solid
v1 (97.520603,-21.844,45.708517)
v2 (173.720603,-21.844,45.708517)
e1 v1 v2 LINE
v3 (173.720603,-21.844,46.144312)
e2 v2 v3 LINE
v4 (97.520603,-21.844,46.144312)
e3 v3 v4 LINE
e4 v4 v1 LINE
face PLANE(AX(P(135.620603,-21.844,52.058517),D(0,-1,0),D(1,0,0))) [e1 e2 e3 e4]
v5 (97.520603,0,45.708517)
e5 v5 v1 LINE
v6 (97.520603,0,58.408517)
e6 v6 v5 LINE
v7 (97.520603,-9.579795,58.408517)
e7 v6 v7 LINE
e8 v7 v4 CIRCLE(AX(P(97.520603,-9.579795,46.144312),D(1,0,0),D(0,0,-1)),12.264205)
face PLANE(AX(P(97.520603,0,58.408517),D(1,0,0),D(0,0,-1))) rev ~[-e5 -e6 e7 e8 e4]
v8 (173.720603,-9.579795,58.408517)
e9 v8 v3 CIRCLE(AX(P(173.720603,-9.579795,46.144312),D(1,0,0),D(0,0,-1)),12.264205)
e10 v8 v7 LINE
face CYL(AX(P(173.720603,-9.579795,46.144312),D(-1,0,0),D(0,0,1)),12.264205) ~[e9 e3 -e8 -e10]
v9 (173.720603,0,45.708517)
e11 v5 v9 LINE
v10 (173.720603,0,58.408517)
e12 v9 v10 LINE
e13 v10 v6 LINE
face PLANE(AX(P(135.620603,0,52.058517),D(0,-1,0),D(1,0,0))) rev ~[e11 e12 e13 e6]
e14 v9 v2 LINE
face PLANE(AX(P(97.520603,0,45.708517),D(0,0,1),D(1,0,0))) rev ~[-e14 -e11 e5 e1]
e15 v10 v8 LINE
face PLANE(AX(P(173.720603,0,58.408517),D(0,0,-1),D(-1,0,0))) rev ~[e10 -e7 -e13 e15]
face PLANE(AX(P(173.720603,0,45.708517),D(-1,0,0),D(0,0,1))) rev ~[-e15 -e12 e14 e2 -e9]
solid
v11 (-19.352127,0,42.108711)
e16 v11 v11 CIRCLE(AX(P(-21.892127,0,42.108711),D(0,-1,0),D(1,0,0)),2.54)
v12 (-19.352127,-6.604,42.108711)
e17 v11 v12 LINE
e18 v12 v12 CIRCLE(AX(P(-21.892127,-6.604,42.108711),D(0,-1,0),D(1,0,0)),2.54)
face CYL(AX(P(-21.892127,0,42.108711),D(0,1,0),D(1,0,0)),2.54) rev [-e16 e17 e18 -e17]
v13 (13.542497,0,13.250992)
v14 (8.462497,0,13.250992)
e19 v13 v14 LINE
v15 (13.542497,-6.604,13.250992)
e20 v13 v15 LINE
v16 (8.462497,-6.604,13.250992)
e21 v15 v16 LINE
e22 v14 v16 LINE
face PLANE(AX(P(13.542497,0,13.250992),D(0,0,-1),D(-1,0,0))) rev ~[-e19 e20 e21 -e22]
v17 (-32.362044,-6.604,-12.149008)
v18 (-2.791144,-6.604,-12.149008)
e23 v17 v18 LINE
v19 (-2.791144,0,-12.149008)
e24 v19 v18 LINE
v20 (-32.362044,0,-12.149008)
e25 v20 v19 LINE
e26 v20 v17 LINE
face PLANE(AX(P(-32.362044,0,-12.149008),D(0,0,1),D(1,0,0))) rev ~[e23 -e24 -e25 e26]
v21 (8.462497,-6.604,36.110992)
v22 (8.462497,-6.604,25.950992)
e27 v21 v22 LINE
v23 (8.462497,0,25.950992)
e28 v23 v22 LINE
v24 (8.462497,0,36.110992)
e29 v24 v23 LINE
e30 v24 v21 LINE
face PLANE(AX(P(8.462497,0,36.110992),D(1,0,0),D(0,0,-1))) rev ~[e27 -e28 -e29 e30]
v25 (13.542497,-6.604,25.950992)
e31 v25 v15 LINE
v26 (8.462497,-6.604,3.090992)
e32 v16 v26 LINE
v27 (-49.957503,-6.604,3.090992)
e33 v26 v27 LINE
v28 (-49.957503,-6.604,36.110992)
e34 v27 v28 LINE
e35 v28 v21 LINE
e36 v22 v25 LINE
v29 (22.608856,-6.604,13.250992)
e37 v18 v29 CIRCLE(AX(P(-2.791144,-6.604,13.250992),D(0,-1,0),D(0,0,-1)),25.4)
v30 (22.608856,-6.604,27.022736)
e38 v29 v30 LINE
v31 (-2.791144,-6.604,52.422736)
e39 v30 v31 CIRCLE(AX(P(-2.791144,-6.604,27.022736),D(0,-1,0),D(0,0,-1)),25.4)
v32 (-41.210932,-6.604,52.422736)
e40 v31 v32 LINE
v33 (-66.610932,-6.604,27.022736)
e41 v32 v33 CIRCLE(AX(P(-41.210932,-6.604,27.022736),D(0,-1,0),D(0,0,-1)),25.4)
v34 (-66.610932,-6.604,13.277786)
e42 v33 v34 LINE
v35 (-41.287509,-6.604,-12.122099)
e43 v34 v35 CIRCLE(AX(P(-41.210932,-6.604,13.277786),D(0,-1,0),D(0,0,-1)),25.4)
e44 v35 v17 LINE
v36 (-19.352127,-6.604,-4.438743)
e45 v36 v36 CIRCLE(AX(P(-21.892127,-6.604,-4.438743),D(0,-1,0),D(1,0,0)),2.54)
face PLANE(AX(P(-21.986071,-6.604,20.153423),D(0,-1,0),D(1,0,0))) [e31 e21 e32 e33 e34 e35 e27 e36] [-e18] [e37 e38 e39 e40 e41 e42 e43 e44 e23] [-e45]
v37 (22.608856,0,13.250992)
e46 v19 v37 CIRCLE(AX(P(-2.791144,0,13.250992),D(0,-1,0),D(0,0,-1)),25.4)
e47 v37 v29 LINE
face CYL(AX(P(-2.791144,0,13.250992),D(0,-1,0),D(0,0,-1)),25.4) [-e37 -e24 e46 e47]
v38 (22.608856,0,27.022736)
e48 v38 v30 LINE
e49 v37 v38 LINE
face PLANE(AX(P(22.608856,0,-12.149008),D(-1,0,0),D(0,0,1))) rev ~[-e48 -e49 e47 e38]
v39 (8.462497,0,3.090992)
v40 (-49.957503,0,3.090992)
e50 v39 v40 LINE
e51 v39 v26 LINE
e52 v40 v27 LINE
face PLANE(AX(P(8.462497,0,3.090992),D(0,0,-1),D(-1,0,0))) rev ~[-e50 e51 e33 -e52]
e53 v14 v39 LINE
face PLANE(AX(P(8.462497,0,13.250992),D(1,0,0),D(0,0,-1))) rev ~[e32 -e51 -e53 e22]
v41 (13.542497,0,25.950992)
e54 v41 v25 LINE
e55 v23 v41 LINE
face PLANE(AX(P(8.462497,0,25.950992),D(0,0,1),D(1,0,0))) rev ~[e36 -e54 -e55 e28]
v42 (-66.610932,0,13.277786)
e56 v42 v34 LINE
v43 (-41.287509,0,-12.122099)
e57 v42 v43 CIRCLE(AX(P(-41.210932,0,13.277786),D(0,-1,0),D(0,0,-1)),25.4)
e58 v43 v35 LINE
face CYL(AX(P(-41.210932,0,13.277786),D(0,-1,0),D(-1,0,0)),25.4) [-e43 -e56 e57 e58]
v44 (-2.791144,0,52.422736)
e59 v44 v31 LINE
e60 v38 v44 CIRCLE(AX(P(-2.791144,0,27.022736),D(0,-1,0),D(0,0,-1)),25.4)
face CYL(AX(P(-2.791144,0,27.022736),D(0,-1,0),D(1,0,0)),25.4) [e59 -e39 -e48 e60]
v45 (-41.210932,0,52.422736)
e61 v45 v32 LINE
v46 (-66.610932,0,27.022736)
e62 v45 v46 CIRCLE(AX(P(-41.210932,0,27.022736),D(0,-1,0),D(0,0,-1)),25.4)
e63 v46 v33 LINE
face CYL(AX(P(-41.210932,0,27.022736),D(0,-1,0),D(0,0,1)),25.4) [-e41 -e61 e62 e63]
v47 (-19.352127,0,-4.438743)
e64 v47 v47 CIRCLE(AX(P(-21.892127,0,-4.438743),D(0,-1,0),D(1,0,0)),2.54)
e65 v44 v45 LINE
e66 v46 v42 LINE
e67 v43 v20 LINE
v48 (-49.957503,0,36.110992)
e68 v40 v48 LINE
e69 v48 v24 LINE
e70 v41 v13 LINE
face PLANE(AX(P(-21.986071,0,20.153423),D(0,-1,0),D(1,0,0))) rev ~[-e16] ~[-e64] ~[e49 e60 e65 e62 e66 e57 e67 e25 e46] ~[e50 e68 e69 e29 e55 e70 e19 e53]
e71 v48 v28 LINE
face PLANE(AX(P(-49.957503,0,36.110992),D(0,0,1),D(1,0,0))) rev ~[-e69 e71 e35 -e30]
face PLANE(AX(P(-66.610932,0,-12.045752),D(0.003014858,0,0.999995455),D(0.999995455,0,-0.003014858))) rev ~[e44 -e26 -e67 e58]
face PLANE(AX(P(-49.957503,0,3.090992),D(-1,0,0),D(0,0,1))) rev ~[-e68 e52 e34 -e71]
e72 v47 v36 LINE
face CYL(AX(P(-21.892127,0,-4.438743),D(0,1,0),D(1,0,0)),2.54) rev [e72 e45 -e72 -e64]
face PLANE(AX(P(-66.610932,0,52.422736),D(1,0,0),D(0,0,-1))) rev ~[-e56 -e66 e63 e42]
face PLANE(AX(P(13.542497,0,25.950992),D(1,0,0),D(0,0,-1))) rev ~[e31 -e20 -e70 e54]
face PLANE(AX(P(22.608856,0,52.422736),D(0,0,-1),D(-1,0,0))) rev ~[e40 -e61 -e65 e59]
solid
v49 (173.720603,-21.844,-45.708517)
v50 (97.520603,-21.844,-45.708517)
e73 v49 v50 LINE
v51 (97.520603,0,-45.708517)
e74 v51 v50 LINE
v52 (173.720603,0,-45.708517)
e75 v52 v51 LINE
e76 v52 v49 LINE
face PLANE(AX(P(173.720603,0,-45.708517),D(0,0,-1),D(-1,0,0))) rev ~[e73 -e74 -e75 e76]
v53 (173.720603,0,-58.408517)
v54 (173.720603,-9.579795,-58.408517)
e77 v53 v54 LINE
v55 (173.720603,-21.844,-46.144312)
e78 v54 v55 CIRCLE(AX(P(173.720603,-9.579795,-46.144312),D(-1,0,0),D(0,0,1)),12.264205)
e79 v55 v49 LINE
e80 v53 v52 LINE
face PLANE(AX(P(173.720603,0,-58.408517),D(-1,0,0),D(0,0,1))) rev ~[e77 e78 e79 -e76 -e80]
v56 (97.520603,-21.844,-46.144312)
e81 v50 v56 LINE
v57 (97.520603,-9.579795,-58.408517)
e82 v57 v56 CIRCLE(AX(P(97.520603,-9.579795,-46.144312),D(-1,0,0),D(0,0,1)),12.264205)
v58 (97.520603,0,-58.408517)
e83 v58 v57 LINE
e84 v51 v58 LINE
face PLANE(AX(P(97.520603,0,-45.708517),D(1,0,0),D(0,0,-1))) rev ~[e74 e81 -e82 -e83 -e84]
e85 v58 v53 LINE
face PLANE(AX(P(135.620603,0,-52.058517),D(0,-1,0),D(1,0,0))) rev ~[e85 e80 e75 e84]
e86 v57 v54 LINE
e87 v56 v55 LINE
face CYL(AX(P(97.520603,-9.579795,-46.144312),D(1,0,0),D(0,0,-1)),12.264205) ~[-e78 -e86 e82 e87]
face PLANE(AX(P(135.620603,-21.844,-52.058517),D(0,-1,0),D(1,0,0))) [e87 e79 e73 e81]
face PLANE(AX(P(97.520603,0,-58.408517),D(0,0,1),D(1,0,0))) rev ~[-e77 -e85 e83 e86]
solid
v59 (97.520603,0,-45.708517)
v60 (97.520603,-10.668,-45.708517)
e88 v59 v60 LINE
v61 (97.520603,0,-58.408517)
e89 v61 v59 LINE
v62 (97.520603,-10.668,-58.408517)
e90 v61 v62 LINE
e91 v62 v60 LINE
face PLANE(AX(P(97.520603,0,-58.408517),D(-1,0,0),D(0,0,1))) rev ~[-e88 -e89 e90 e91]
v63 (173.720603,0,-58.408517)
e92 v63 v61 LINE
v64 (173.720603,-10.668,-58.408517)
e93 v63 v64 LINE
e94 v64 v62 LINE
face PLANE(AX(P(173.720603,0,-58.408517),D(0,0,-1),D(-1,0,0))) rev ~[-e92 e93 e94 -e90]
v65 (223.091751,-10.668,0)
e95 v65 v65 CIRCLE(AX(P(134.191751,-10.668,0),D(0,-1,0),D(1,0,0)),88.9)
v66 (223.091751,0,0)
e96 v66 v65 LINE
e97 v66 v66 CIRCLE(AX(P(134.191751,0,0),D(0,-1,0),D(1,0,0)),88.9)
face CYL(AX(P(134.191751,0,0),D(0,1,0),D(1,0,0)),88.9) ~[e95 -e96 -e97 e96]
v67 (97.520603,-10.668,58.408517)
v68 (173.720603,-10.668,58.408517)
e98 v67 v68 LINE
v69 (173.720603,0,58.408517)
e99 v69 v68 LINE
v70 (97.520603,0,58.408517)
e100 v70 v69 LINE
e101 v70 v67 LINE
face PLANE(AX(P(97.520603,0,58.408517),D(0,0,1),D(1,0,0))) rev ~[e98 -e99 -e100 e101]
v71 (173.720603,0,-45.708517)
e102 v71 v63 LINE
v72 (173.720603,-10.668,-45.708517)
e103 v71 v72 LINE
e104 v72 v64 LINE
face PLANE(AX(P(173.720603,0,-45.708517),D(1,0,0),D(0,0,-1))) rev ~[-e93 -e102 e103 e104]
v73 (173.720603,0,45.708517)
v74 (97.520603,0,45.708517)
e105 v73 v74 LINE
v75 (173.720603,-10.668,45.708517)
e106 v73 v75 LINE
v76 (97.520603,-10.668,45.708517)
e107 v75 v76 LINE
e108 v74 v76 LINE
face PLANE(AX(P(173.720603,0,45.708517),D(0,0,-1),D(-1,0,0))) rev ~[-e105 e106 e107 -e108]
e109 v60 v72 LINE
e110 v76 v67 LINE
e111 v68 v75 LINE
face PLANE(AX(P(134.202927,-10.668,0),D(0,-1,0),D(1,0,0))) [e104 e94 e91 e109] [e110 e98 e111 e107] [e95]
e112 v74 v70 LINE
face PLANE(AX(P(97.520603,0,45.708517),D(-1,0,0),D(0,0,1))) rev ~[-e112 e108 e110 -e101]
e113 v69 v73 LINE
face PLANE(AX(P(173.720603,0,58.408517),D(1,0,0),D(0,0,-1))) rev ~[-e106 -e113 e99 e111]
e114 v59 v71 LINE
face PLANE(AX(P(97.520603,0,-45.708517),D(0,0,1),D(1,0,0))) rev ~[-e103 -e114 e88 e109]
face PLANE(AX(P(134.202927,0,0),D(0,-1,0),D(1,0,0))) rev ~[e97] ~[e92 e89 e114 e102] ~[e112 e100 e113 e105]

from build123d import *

# Parameters (mm, degrees)
F0_R       = 2.54
F1_DEPTH   = 6.604
F2_R       = 25.4
F3_R       = 25.4
F4_R       = 25.4
F5_R       = 25.4
F7_DEPTH   = 21.844
F6_R       = 88.9
F6_R_2     = 2.54
F8_DEPTH   = 10.668
F9_R       = 12.264205
F10_R      = 12.264205
F12_D      = 17.78
F11_R      = 8.89
F13_DEPTH  = 7.62
F13_FACE_R = 8.89
F14_DEPTH  = 3.048
F15_R      = 8.89
F16_DEPTH  = 2.032
F17_DEPTH  = 2.286
F18_R      = 8.89
F19_DEPTH  = 5.334
F1_FACE_W  = 6.604
F1_FACE_H  = 33.02
F20_DEPTH  = 5.08


with BuildPart() as f1:
    # F0 (on Front) → F1 (new body)
    with BuildSketch(Plane.XZ):
        Polygon((-66.610932, -12.045752), (-32.362044, -12.149008), (22.608856, -12.149008), (22.608856, 52.422736), (-66.610932, 52.422736), align=None)
        with Locations((-21.892127, -4.438743)):
            Circle(F0_R, mode=Mode.SUBTRACT)
        Polygon((-49.957503, 3.090992), (-49.957503, 36.110992), (8.462497, 36.110992), (8.462497, 25.950992), (13.542497, 25.950992), (13.542497, 13.250992), (8.462497, 13.250992), (8.462497, 3.090992), align=None, mode=Mode.SUBTRACT)
        with Locations((-21.892127, 42.108711)):
            Circle(F0_R, mode=Mode.SUBTRACT)
    extrude(amount=F1_DEPTH)

    # F2
    f2_edges = [f1.edges().sort_by_distance(p)[0] for p in [
        (22.608856, -3.302, -12.149008),
    ]]
    fillet(f2_edges, radius=F2_R)

    # F3
    f3_edges = [f1.edges().sort_by_distance(p)[0] for p in [
        (22.608856, -3.302, 52.422736),
    ]]
    fillet(f3_edges, radius=F3_R)

    # F4
    f4_edges = [f1.edges().sort_by_distance(p)[0] for p in [
        (-66.610932, -3.302, 52.422736),
    ]]
    fillet(f4_edges, radius=F4_R)

    # F5
    f5_edges = [f1.edges().sort_by_distance(p)[0] for p in [
        (-66.610932, -3.302, -12.045752),
    ]]
    fillet(f5_edges, radius=F5_R)

    # F1_face (on face) → F20 (join)
    with BuildSketch(Plane(origin=(-49.957503, -3.302, 19.600992), x_dir=(0, 1, 0), z_dir=(1, 0, 0))):
        Rectangle(F1_FACE_W, F1_FACE_H)
    extrude(amount=-F20_DEPTH)


with BuildPart() as f7:
    # F6 (on Front) → F7 (new body)
    with BuildSketch(Plane.XZ):
        Polygon((173.720603, 58.408517), (135.620603, 58.408517), (97.520603, 58.408517), (97.520603, 45.708517), (173.720603, 45.708517), align=None)
        Polygon((97.520603, -58.408517), (135.620603, -58.408517), (173.720603, -58.408517), (173.720603, -45.708517), (97.520603, -45.708517), align=None)
    extrude(amount=F7_DEPTH)

    # F9
    f9_edges = [f7.edges().sort_by_distance(p)[0] for p in [
        (135.620603, -21.844, -58.408517),
    ]]
    fillet(f9_edges, radius=F9_R)

    # F10
    f10_edges = [f7.edges().sort_by_distance(p)[0] for p in [
        (135.620603, -21.844, 58.408517),
    ]]
    fillet(f10_edges, radius=F10_R)


with BuildPart() as f8:
    # F6 (on Front) → F8 (new body)
    with BuildSketch(Plane.XZ):
        with Locations((134.191751, 0)):
            Circle(F6_R)
        Polygon((173.720603, -58.408517), (135.620603, -58.408517), (97.520603, -58.408517), (97.520603, -45.708517), (173.720603, -45.708517), align=None, mode=Mode.SUBTRACT)
        with Locations((134.191751, 0)):
            Circle(F6_R_2, mode=Mode.SUBTRACT)
        Polygon((97.520603, 58.408517), (135.620603, 58.408517), (173.720603, 58.408517), (173.720603, 45.708517), (97.520603, 45.708517), align=None, mode=Mode.SUBTRACT)
    extrude(amount=F8_DEPTH)

    # F12 (through all)
    with Locations(Plane(origin=(0, 0, 0), x_dir=(1, 0, 0), z_dir=(0, 1, 0))):
        with Locations((134.202927, 0)):
            Hole(F12_D / 2)

    # F11 (on Front) → F13 (join)
    with BuildSketch(Plane.XZ):
        with Locations((134.202927, 0)):
            Circle(F11_R)
    extrude(amount=F13_DEPTH)

    # F13_face (on face) → F14 (join)
    with BuildSketch(Plane(origin=(134.202927, -7.62, 0), x_dir=(1, 0, 0), z_dir=(0, -1, 0))):
        Circle(F13_FACE_R)
    extrude(amount=F14_DEPTH)

    # F15 (on Front) → F16 (join)
    with BuildSketch(Plane.XZ):
        with Locations((132.709876, 0)):
            Circle(F15_R)
    extrude(amount=F16_DEPTH)

    # F15 (on Front) → F17 (join)
    with BuildSketch(Plane.XZ):
        with Locations((132.709876, 0)):
            Circle(F15_R)
    extrude(amount=F17_DEPTH)

    # F18 (on Front) → F19 (join)
    with BuildSketch(Plane.XZ):
        with Locations((135.060295, 0)):
            Circle(F18_R)
    extrude(amount=F19_DEPTH)


solid = Compound([f1.part, f7.part, f8.part])
